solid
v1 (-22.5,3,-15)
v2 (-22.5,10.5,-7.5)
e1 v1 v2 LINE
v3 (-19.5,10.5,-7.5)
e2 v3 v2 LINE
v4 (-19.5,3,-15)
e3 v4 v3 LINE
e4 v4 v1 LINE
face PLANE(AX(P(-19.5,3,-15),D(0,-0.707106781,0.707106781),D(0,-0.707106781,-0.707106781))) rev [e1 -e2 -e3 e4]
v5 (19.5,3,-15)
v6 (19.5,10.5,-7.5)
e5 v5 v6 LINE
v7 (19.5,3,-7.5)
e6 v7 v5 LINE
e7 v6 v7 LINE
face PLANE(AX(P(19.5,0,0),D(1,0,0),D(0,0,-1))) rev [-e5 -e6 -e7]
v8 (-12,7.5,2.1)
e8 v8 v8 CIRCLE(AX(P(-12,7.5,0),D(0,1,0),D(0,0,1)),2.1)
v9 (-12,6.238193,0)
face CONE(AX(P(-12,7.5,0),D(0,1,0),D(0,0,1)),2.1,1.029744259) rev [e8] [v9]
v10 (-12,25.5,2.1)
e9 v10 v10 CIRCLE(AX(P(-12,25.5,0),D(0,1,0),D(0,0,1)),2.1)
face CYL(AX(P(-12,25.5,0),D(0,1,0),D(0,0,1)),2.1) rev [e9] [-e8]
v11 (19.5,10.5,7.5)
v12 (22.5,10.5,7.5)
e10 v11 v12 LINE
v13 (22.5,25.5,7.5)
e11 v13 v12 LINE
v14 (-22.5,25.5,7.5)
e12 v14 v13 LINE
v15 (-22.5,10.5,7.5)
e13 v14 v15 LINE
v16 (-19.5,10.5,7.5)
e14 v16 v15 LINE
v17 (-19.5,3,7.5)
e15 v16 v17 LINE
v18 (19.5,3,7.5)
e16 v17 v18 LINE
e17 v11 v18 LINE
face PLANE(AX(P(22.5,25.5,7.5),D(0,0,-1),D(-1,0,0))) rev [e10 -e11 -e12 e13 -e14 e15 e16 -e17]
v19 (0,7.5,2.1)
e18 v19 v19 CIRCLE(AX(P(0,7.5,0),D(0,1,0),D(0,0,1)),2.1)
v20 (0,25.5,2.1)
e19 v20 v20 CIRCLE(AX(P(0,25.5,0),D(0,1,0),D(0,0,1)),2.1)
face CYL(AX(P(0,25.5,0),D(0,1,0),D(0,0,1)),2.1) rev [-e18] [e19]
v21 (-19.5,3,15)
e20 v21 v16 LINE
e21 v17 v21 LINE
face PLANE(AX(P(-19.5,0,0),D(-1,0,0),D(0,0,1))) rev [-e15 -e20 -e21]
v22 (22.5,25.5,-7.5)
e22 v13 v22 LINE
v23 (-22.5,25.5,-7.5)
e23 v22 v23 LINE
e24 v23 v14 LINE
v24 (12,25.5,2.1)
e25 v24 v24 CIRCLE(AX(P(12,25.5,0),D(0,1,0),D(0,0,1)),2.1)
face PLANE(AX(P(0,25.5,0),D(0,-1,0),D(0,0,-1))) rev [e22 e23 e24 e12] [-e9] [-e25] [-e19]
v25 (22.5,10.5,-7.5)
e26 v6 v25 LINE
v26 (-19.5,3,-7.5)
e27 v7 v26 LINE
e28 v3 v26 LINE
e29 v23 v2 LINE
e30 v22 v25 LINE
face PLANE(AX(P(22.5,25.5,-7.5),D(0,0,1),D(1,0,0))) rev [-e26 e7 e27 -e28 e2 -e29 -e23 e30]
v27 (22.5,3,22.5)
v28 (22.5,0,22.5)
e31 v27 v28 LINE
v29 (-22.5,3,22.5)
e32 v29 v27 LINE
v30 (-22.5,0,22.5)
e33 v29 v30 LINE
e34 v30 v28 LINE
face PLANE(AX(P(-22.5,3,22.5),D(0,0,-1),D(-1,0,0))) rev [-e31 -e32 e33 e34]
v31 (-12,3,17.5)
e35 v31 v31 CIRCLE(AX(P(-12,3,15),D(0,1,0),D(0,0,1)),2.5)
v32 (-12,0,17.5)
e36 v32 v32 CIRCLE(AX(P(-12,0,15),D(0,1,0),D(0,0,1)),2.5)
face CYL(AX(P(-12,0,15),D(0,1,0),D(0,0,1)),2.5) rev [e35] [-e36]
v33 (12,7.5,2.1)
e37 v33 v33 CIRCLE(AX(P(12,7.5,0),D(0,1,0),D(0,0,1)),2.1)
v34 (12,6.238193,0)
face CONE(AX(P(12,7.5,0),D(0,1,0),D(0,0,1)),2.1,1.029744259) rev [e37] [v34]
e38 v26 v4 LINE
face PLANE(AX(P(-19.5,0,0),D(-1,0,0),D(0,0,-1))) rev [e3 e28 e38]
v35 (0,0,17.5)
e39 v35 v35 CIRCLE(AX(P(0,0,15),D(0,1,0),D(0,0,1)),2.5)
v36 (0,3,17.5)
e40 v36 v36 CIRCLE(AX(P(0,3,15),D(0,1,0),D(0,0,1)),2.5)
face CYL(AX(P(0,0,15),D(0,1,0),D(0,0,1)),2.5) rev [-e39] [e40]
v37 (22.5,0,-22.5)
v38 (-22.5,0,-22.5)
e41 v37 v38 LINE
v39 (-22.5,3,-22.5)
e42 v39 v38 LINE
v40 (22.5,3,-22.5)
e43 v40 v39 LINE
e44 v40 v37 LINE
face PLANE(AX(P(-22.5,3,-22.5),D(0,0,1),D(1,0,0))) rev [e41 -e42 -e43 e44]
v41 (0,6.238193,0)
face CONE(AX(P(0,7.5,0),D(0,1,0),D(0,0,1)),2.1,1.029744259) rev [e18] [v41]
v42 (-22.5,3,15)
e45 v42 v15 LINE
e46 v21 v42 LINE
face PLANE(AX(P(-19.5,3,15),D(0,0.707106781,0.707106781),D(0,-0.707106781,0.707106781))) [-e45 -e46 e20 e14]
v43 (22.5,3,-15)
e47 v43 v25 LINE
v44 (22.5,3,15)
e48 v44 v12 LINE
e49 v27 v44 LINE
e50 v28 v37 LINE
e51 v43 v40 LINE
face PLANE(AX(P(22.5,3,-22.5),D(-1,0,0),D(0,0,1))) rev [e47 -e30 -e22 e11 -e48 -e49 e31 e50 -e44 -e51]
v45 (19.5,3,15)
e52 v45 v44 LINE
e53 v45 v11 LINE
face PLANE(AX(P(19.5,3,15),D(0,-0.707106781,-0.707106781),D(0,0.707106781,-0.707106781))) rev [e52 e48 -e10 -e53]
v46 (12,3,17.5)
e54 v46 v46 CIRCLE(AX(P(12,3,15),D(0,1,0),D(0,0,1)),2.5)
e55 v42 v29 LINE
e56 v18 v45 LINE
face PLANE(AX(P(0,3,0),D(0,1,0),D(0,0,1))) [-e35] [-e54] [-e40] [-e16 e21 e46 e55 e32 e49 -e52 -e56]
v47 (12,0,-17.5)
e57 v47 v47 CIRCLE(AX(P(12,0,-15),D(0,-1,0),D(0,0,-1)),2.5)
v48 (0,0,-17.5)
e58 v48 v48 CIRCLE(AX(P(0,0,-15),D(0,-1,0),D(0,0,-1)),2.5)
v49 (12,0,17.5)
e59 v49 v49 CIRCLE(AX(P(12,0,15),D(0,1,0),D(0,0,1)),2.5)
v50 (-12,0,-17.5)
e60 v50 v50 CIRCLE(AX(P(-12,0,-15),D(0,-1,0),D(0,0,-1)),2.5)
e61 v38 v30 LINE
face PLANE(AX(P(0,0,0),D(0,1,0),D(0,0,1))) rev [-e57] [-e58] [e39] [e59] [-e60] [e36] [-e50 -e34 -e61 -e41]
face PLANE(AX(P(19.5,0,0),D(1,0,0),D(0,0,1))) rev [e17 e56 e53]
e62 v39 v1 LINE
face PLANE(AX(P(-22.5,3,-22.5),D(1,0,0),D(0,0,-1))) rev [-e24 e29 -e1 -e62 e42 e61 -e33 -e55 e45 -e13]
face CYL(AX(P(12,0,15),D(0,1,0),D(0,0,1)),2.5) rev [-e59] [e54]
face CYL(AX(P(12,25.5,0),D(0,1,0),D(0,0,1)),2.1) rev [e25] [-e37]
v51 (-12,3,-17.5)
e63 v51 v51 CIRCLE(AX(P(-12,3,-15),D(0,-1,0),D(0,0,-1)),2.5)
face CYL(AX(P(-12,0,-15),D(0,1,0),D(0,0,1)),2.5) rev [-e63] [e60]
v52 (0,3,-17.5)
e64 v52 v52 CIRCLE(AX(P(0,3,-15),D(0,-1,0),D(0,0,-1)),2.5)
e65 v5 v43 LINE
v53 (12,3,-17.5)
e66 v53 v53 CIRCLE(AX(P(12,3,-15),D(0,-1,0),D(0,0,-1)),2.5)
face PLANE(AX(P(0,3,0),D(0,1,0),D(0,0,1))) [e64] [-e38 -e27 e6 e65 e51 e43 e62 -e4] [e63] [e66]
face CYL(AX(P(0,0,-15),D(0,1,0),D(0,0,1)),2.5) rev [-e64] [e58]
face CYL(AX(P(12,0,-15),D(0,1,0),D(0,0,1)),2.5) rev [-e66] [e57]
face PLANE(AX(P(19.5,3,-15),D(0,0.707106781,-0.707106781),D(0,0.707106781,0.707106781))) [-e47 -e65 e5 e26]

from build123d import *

# Parameters (mm, degrees)
CROQUIS1_W                = 45
CROQUIS1_H                = 45
SALIENTE_EXTRUIR1_DEPTH   = 3
CROQUIS2_W                = 45
CROQUIS2_H                = 15
SALIENTE_EXTRUIR2_DEPTH   = 22.5
SALIENTE_EXTRUIR3_DEPTH   = 3
SIMETR_A2_COPY_1_DEPTH    = 3
CROQUIS4_R                = 2.5
CORTAR_EXTRUIR1_DEPTH     = 3
TALADRO_ROSCADO_M51_D     = 4.2
TALADRO_ROSCADO_M51_DEPTH = 18
TALADRO_ROSCADO_M51_TIP   = 1.2618073


with BuildPart() as part:
    # Croquis1 → Saliente-Extruir1 (new body)
    with BuildSketch(Plane(origin=(0, 0, 0), x_dir=(1, 0, 0), z_dir=(0, 1, 0))):
        Rectangle(CROQUIS1_W, CROQUIS1_H)
    extrude(amount=SALIENTE_EXTRUIR1_DEPTH)

    # Croquis2 → Saliente-Extruir2 (add)
    with BuildSketch(Plane(origin=(0, 3, 0), x_dir=(1, 0, 0), z_dir=(0, 1, 0))):
        Rectangle(CROQUIS2_W, CROQUIS2_H)
    extrude(amount=SALIENTE_EXTRUIR2_DEPTH)

    # Croquis3 → Saliente-Extruir3 (add)
    with BuildSketch(Plane.ZY.offset(22.5)):
        Polygon((7.5, 3), (15, 3), (7.5, 10.5), align=None)
    saliente_extruir3 = extrude(amount=-SALIENTE_EXTRUIR3_DEPTH)

    # Simetría1: Saliente-Extruir3 across plane
    add(saliente_extruir3.mirror(Plane(origin=(0, 0, 0), x_dir=(0, 0, 1), z_dir=(1, 0, 0))))

    # Simetría2: Saliente-Extruir3 across plane
    add(saliente_extruir3.mirror(Plane.XY))

    # Simetría2 copy 1 sketch → Simetría2 copy 1 (add)
    with BuildSketch(Plane(origin=(22.5, 0, 0), x_dir=(0, 0, -1), z_dir=(1, 0, 0))):
        Polygon((7.5, 3), (15, 3), (7.5, 10.5), align=None)
    extrude(amount=-SIMETR_A2_COPY_1_DEPTH)

    # Croquis4 → Cortar-Extruir1 (cut)
    with BuildSketch(Plane(origin=(0, 3, 0), x_dir=(1, 0, 0), z_dir=(0, 1, 0))):
        with Locations(Location((0, -15, 0), (0, 0, 270))):
            Circle(CROQUIS4_R)
        with Locations(Location((-12, -15, 0), (0, 0, 270))):
            Circle(CROQUIS4_R)
        with Locations(Location((12, -15, 0), (0, 0, 270))):
            Circle(CROQUIS4_R)
    cortar_extruir1 = extrude(amount=-CORTAR_EXTRUIR1_DEPTH, mode=Mode.SUBTRACT)

    # Simetría3: Cortar-Extruir1 across plane
    add(cortar_extruir1.mirror(Plane.XY), mode=Mode.SUBTRACT)

    # Taladro roscado M51
    with Locations(Plane(origin=(0, 25.5, 0), x_dir=(1, 0, 0), z_dir=(0, 1, 0))):
        with Locations((0, 0), (12, 0), (-12, 0)):
            Hole(TALADRO_ROSCADO_M51_D / 2, depth=TALADRO_ROSCADO_M51_DEPTH)
            with Locations((0, 0, -(TALADRO_ROSCADO_M51_DEPTH + TALADRO_ROSCADO_M51_TIP / 2))):  # 118° drill point
                Cone(0, TALADRO_ROSCADO_M51_D / 2, TALADRO_ROSCADO_M51_TIP, mode=Mode.SUBTRACT)


solid = part.part
